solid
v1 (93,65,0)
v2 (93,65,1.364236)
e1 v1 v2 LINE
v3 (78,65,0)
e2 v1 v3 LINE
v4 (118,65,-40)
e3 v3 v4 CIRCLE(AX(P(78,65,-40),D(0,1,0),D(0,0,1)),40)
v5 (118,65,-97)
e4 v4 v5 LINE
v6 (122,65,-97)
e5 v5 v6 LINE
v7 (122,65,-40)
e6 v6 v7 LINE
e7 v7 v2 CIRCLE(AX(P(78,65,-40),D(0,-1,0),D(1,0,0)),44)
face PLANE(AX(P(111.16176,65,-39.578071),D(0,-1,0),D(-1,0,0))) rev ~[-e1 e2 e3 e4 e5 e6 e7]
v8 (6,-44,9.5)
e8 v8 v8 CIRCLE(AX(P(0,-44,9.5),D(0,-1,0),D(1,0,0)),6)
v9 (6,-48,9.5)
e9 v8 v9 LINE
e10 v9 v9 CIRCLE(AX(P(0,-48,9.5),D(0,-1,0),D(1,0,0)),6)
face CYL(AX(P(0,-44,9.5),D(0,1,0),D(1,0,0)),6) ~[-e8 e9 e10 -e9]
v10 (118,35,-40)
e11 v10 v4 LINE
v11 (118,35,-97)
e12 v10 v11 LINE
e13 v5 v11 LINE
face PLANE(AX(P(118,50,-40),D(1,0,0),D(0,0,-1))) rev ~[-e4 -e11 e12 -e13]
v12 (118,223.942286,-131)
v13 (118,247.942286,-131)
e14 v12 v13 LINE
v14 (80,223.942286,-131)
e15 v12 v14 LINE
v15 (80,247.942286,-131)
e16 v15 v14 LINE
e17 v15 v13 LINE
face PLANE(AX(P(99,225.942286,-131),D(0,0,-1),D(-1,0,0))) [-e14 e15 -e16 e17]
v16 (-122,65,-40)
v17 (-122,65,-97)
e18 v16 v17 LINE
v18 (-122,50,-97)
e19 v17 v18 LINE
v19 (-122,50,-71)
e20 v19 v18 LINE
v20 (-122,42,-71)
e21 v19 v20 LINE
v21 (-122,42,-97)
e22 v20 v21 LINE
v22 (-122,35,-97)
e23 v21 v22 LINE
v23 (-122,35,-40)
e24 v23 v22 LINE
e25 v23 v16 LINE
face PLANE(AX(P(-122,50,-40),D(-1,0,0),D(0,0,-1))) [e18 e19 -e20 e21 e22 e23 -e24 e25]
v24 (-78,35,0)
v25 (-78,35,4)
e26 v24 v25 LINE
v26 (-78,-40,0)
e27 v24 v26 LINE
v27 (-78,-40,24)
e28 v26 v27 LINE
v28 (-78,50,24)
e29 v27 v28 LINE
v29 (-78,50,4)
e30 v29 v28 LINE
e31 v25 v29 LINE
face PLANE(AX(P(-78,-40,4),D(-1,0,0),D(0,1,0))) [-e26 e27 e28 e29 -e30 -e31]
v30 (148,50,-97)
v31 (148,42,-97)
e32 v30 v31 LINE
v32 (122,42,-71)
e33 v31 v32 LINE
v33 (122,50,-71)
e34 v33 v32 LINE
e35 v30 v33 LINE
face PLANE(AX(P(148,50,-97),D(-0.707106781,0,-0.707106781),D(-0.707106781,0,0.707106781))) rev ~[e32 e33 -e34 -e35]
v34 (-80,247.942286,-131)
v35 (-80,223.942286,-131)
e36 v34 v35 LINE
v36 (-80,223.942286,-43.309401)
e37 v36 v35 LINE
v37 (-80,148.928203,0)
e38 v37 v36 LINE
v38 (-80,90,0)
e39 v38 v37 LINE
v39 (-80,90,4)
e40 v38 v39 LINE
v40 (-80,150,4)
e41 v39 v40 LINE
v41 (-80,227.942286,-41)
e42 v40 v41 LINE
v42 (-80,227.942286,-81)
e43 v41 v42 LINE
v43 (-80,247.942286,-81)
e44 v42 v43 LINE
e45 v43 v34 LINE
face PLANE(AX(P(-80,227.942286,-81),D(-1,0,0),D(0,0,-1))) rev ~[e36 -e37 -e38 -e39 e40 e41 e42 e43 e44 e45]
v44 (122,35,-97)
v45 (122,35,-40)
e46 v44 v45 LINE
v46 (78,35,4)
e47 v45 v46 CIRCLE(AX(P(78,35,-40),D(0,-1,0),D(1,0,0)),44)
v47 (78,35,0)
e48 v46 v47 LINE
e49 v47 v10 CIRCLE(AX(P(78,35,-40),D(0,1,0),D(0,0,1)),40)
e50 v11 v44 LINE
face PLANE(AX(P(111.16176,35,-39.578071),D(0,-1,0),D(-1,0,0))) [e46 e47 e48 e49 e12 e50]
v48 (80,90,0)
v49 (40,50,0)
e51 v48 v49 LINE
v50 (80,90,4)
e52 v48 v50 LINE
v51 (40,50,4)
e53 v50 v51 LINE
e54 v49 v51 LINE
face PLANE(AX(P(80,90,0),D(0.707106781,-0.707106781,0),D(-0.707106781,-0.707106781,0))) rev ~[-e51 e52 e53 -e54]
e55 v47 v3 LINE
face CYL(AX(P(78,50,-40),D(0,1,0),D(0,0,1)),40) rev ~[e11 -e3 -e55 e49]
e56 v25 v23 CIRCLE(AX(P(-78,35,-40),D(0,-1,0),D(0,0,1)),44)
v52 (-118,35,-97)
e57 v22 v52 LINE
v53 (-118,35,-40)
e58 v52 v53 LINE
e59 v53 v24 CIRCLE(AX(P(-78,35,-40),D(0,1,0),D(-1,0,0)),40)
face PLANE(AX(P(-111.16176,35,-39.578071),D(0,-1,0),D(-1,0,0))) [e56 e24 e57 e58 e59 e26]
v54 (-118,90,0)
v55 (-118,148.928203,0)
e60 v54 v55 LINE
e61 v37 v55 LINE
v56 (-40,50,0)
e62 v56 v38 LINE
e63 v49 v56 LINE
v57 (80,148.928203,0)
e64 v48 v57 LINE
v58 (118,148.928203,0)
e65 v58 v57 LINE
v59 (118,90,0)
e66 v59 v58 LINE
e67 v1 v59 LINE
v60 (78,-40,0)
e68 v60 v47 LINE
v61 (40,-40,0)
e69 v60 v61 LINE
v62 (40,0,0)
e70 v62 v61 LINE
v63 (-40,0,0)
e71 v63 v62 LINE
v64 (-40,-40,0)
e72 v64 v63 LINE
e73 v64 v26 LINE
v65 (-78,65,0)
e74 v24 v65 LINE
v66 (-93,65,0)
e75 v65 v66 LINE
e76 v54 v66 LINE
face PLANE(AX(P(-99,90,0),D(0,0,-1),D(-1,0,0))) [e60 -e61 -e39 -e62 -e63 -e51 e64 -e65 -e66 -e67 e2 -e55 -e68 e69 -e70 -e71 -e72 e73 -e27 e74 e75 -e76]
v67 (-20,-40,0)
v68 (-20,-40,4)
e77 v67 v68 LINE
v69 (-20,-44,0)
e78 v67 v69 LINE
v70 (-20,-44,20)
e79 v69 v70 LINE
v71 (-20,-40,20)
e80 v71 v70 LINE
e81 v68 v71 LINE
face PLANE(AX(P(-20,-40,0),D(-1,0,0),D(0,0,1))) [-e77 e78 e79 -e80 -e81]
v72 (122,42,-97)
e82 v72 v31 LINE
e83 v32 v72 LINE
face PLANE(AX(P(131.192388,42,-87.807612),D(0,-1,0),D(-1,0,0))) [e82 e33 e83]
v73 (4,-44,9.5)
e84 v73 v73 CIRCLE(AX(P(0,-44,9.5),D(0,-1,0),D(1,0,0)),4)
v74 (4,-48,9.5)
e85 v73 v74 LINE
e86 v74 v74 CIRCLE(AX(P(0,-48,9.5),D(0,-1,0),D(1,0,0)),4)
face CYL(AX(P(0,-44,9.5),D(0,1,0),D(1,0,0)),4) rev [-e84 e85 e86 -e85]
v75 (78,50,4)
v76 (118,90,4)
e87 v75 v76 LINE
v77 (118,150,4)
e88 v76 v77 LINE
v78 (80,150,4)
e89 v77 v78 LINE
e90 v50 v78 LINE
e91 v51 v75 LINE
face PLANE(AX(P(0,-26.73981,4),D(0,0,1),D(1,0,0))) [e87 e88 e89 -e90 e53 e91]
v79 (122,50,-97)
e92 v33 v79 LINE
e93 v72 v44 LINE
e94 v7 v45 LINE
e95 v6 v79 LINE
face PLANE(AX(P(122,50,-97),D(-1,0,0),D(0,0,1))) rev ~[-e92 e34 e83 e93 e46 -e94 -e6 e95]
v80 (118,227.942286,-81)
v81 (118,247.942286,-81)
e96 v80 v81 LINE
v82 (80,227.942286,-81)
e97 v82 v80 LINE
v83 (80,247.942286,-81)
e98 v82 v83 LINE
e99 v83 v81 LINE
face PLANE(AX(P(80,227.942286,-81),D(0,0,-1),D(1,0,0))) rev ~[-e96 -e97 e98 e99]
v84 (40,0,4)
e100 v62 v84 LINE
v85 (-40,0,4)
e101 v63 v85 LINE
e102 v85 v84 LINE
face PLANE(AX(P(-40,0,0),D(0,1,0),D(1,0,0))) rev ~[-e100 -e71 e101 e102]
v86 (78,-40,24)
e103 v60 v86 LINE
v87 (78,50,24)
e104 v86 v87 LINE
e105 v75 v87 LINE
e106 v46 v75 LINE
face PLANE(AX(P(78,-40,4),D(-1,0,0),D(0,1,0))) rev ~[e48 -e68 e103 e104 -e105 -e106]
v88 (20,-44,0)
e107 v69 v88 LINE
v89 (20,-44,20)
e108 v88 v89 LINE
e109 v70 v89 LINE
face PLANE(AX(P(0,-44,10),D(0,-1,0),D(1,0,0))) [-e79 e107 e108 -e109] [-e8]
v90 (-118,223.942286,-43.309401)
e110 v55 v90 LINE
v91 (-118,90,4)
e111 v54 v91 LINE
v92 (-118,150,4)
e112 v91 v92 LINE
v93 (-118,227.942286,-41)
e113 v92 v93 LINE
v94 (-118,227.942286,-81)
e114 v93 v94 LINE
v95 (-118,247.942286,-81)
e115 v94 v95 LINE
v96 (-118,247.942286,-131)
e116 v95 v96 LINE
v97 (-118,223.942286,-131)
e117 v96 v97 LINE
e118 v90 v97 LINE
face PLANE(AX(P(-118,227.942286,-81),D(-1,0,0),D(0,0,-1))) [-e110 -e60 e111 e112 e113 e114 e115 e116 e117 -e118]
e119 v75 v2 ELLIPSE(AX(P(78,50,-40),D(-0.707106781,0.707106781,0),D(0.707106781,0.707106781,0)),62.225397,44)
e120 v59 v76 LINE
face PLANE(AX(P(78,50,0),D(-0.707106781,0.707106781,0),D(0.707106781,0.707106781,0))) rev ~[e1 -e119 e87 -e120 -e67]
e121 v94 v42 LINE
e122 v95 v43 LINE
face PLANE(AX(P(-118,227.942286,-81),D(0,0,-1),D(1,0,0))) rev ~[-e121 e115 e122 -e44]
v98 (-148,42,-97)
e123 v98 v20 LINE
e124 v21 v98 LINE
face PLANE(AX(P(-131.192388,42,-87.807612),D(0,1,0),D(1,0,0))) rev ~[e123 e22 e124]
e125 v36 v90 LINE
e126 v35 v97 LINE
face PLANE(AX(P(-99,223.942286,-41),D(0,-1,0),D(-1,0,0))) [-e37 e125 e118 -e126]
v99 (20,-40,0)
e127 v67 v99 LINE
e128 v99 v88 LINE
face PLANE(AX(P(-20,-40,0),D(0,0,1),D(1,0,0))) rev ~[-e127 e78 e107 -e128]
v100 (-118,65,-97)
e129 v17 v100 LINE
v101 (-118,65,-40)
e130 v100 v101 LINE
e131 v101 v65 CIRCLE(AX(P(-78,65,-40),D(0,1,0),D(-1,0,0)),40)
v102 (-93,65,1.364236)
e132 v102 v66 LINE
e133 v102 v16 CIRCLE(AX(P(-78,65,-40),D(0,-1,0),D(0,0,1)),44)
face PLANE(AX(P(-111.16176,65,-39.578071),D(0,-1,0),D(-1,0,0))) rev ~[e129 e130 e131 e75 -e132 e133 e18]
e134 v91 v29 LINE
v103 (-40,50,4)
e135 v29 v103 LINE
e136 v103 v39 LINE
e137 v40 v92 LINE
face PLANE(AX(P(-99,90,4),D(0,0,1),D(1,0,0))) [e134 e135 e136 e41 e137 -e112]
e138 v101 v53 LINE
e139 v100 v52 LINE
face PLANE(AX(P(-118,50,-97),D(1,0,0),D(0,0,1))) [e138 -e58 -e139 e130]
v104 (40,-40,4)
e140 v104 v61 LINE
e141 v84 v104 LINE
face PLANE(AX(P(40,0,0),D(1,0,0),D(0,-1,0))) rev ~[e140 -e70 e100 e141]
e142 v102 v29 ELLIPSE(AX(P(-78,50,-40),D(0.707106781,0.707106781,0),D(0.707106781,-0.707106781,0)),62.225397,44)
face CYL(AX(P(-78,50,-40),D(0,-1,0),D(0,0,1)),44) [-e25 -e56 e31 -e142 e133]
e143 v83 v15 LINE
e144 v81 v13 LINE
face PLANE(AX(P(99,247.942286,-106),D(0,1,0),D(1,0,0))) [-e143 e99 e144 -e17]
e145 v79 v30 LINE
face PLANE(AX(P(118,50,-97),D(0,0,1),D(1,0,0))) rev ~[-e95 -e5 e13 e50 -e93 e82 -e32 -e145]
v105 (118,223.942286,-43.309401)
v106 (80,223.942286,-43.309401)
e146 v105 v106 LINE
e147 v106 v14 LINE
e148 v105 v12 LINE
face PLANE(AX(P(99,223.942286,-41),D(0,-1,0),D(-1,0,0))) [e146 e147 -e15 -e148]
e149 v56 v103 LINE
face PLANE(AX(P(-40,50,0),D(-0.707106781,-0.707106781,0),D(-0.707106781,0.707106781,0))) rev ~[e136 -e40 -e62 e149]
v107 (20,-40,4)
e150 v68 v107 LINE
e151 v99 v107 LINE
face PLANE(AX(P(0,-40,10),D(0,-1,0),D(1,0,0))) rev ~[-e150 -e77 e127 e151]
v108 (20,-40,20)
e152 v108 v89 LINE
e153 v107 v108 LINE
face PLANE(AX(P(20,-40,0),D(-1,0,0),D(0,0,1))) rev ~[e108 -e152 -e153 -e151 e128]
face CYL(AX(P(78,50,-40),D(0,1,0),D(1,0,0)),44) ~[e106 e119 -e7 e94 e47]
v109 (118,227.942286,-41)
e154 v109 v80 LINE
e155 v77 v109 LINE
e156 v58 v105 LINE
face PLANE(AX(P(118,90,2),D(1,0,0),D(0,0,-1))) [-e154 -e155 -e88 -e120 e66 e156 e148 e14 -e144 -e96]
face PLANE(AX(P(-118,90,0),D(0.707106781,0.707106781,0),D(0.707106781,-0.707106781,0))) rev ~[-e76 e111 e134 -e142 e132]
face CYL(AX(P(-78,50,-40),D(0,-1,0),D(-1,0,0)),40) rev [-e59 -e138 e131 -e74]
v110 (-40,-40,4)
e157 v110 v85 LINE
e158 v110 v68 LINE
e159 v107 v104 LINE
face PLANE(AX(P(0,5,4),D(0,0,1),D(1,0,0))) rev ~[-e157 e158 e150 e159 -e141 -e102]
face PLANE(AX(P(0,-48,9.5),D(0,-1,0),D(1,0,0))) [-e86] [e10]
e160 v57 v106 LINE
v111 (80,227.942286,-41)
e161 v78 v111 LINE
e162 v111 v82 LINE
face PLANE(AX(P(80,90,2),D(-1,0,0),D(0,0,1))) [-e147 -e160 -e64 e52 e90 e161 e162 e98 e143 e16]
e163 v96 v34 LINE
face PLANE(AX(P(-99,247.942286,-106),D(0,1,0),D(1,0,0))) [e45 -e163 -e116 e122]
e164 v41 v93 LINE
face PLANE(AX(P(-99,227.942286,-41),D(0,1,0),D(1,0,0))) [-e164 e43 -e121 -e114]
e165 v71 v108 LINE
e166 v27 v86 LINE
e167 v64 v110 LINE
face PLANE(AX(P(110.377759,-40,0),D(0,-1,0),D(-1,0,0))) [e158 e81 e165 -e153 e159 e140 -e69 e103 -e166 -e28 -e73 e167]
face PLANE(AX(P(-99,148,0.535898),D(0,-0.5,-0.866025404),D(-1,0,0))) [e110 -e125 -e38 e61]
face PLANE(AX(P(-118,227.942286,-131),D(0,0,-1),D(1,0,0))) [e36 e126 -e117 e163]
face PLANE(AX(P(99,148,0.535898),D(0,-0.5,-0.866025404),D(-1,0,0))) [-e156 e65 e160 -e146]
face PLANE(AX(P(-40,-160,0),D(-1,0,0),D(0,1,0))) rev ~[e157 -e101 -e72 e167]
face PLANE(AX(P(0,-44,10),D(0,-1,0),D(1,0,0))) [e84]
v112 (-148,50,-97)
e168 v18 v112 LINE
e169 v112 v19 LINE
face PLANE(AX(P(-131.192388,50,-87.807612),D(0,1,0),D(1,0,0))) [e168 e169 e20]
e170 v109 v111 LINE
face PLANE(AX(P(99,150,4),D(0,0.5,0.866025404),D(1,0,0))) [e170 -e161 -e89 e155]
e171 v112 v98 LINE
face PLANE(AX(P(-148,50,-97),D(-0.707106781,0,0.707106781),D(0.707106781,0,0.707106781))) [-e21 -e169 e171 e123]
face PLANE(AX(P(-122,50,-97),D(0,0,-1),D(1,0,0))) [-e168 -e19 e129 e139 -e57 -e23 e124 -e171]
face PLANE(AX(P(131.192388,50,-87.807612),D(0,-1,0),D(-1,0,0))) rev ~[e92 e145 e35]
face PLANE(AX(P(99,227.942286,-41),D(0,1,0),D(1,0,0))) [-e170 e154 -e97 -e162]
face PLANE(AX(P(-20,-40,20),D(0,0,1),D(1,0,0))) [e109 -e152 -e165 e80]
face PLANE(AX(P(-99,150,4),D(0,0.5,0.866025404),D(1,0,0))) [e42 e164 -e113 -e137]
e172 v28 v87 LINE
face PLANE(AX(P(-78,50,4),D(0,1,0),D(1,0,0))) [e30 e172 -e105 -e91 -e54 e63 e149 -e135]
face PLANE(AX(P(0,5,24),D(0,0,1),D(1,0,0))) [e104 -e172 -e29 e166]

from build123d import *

# Parameters (mm, degrees)
EXTRUDE_1_DEPTH     = 4
SKETCH_11_W         = 156
SKETCH_11_H         = 90
EXTRUDE_2_DEPTH     = 20
SKETCH_12_W         = 38
SKETCH_12_H         = 4
SKETCH_14_W         = 38
SKETCH_14_H         = 50
EXTRUDE_3_DEPTH     = 20
SKETCH_16_W         = 238.183586275
SKETCH_16_H         = 132.295328182
CUT_EXTRUDE_1_DEPTH = 10
SKETCH_17_W         = 40
SKETCH_17_H         = 20
EXTRUDE_4_DEPTH     = 4
SKETCH_21_R         = 6
SKETCH_21_R_2       = 4
EXTRUDE_8_DEPTH     = 4
EXTRUDE_11_DEPTH    = 15
EXTRUDE_12_DEPTH    = 8


with BuildPart() as part:
    # 草图1 → 凸台-拉伸1 (new body)
    with BuildSketch(Plane.XY):
        Polygon((-40, 0), (40, 0), (40, -160), (78, -160), (78, 0), (78, 50), (118, 90), (80, 90), (40, 50), (-40, 50), (-80, 90), (-118, 90), (-78, 50), (-78, 0), (-78, -160), (-40, -160), align=None)
    extrude(amount=EXTRUDE_1_DEPTH)

    # 草图11 → 凸台-拉伸2 (add)
    with BuildSketch(Plane.XY.offset(4)):
        with Locations((0, 5)):
            Rectangle(SKETCH_11_W, SKETCH_11_H)
    extrude(amount=EXTRUDE_2_DEPTH)

    # 扫描1: sweep along a path in 草图13
    with BuildLine(Plane(origin=(78, 0, 0), x_dir=(0, 0, -1), z_dir=(1, 0, 0))) as sweep_1_path:
        Line((-4, 90), (-4, 150))
        Line((-4, 150), (41, 227.942286341))
        Line((41, 227.942286341), (131, 227.942286341))
    # 草图12 → 扫描1 (sweep)
    with BuildSketch(Plane(origin=(0, 90, 0), x_dir=(1, 0, 0), z_dir=(0, 1, 0))):
        with Locations((-99, -2)):
            Rectangle(SKETCH_12_W, SKETCH_12_H)
        with Locations((99, -2)):
            Rectangle(SKETCH_12_W, SKETCH_12_H)
    sweep(path=sweep_1_path.line, transition=Transition.RIGHT)

    # 草图14 → 凸台-拉伸3 (add)
    with BuildSketch(Plane(origin=(0, 227.942286341, 0), x_dir=(1, 0, 0), z_dir=(0, 1, 0))):
        with Locations((-99, 106)):
            Rectangle(SKETCH_14_W, SKETCH_14_H)
        with Locations((99, 106)):
            Rectangle(SKETCH_14_W, SKETCH_14_H)
    extrude(amount=EXTRUDE_3_DEPTH)

    # 草图16 → 切除-拉伸1 (cut)
    with BuildSketch(Plane(origin=(0, 0, 0), x_dir=(-1, 0, 0), z_dir=(0, 0, -1))):
        with Locations((8.714033644, -106.147664091)):
            Rectangle(SKETCH_16_W, SKETCH_16_H)
    extrude(amount=-CUT_EXTRUDE_1_DEPTH, mode=Mode.SUBTRACT)

    # 草图17 → 凸台-拉伸4 (add)
    with BuildSketch(Plane.XZ.offset(40)):
        with Locations((0, 10)):
            Rectangle(SKETCH_17_W, SKETCH_17_H)
    extrude(amount=EXTRUDE_4_DEPTH)

    # 草图21 → 凸台-拉伸8 (add)
    with BuildSketch(Plane.XZ.offset(44)):
        with Locations((0, 9.5)):
            Circle(SKETCH_21_R)
        with Locations((0, 9.5)):
            Circle(SKETCH_21_R_2, mode=Mode.SUBTRACT)
    extrude(amount=EXTRUDE_8_DEPTH)

    # 草图28 → 凸台-拉伸11 (add, symmetric)
    with BuildSketch(Plane(origin=(0, 50, 0), x_dir=(1, 0, 0), z_dir=(0, 1, 0))):
        with BuildLine():
            Line((-122, 40), (-122, 97))
            Line((-122, 97), (-118, 97))
            Line((-118, 97), (-118, 40))
            ThreePointArc((-118, 40), (-106.284271247, 11.715728753), (-78, 0))
            Line((-78, 0), (-78, -4))
            ThreePointArc((-78, -4), (-109.112698372, 8.887301628), (-122, 40))
        make_face()
        with BuildLine():
            Line((118, 40), (118, 97))
            Line((118, 97), (122, 97))
            Line((122, 97), (122, 40))
            ThreePointArc((122, 40), (109.112698372, 8.887301628), (78, -4))
            Line((78, -4), (78, 0))
            ThreePointArc((78, 0), (106.284271247, 11.715728753), (118, 40))
        make_face()
    extrude(amount=EXTRUDE_11_DEPTH, both=True)

    # 草图29 → 凸台-拉伸12 (add)
    with BuildSketch(Plane(origin=(0, 50, 0), x_dir=(1, 0, 0), z_dir=(0, 1, 0))):
        Polygon((122, 97), (148, 97), (122, 71), align=None)
        Polygon((-122, 97), (-148, 97), (-122, 71), align=None)
    extrude(amount=-EXTRUDE_12_DEPTH)


solid = part.part
